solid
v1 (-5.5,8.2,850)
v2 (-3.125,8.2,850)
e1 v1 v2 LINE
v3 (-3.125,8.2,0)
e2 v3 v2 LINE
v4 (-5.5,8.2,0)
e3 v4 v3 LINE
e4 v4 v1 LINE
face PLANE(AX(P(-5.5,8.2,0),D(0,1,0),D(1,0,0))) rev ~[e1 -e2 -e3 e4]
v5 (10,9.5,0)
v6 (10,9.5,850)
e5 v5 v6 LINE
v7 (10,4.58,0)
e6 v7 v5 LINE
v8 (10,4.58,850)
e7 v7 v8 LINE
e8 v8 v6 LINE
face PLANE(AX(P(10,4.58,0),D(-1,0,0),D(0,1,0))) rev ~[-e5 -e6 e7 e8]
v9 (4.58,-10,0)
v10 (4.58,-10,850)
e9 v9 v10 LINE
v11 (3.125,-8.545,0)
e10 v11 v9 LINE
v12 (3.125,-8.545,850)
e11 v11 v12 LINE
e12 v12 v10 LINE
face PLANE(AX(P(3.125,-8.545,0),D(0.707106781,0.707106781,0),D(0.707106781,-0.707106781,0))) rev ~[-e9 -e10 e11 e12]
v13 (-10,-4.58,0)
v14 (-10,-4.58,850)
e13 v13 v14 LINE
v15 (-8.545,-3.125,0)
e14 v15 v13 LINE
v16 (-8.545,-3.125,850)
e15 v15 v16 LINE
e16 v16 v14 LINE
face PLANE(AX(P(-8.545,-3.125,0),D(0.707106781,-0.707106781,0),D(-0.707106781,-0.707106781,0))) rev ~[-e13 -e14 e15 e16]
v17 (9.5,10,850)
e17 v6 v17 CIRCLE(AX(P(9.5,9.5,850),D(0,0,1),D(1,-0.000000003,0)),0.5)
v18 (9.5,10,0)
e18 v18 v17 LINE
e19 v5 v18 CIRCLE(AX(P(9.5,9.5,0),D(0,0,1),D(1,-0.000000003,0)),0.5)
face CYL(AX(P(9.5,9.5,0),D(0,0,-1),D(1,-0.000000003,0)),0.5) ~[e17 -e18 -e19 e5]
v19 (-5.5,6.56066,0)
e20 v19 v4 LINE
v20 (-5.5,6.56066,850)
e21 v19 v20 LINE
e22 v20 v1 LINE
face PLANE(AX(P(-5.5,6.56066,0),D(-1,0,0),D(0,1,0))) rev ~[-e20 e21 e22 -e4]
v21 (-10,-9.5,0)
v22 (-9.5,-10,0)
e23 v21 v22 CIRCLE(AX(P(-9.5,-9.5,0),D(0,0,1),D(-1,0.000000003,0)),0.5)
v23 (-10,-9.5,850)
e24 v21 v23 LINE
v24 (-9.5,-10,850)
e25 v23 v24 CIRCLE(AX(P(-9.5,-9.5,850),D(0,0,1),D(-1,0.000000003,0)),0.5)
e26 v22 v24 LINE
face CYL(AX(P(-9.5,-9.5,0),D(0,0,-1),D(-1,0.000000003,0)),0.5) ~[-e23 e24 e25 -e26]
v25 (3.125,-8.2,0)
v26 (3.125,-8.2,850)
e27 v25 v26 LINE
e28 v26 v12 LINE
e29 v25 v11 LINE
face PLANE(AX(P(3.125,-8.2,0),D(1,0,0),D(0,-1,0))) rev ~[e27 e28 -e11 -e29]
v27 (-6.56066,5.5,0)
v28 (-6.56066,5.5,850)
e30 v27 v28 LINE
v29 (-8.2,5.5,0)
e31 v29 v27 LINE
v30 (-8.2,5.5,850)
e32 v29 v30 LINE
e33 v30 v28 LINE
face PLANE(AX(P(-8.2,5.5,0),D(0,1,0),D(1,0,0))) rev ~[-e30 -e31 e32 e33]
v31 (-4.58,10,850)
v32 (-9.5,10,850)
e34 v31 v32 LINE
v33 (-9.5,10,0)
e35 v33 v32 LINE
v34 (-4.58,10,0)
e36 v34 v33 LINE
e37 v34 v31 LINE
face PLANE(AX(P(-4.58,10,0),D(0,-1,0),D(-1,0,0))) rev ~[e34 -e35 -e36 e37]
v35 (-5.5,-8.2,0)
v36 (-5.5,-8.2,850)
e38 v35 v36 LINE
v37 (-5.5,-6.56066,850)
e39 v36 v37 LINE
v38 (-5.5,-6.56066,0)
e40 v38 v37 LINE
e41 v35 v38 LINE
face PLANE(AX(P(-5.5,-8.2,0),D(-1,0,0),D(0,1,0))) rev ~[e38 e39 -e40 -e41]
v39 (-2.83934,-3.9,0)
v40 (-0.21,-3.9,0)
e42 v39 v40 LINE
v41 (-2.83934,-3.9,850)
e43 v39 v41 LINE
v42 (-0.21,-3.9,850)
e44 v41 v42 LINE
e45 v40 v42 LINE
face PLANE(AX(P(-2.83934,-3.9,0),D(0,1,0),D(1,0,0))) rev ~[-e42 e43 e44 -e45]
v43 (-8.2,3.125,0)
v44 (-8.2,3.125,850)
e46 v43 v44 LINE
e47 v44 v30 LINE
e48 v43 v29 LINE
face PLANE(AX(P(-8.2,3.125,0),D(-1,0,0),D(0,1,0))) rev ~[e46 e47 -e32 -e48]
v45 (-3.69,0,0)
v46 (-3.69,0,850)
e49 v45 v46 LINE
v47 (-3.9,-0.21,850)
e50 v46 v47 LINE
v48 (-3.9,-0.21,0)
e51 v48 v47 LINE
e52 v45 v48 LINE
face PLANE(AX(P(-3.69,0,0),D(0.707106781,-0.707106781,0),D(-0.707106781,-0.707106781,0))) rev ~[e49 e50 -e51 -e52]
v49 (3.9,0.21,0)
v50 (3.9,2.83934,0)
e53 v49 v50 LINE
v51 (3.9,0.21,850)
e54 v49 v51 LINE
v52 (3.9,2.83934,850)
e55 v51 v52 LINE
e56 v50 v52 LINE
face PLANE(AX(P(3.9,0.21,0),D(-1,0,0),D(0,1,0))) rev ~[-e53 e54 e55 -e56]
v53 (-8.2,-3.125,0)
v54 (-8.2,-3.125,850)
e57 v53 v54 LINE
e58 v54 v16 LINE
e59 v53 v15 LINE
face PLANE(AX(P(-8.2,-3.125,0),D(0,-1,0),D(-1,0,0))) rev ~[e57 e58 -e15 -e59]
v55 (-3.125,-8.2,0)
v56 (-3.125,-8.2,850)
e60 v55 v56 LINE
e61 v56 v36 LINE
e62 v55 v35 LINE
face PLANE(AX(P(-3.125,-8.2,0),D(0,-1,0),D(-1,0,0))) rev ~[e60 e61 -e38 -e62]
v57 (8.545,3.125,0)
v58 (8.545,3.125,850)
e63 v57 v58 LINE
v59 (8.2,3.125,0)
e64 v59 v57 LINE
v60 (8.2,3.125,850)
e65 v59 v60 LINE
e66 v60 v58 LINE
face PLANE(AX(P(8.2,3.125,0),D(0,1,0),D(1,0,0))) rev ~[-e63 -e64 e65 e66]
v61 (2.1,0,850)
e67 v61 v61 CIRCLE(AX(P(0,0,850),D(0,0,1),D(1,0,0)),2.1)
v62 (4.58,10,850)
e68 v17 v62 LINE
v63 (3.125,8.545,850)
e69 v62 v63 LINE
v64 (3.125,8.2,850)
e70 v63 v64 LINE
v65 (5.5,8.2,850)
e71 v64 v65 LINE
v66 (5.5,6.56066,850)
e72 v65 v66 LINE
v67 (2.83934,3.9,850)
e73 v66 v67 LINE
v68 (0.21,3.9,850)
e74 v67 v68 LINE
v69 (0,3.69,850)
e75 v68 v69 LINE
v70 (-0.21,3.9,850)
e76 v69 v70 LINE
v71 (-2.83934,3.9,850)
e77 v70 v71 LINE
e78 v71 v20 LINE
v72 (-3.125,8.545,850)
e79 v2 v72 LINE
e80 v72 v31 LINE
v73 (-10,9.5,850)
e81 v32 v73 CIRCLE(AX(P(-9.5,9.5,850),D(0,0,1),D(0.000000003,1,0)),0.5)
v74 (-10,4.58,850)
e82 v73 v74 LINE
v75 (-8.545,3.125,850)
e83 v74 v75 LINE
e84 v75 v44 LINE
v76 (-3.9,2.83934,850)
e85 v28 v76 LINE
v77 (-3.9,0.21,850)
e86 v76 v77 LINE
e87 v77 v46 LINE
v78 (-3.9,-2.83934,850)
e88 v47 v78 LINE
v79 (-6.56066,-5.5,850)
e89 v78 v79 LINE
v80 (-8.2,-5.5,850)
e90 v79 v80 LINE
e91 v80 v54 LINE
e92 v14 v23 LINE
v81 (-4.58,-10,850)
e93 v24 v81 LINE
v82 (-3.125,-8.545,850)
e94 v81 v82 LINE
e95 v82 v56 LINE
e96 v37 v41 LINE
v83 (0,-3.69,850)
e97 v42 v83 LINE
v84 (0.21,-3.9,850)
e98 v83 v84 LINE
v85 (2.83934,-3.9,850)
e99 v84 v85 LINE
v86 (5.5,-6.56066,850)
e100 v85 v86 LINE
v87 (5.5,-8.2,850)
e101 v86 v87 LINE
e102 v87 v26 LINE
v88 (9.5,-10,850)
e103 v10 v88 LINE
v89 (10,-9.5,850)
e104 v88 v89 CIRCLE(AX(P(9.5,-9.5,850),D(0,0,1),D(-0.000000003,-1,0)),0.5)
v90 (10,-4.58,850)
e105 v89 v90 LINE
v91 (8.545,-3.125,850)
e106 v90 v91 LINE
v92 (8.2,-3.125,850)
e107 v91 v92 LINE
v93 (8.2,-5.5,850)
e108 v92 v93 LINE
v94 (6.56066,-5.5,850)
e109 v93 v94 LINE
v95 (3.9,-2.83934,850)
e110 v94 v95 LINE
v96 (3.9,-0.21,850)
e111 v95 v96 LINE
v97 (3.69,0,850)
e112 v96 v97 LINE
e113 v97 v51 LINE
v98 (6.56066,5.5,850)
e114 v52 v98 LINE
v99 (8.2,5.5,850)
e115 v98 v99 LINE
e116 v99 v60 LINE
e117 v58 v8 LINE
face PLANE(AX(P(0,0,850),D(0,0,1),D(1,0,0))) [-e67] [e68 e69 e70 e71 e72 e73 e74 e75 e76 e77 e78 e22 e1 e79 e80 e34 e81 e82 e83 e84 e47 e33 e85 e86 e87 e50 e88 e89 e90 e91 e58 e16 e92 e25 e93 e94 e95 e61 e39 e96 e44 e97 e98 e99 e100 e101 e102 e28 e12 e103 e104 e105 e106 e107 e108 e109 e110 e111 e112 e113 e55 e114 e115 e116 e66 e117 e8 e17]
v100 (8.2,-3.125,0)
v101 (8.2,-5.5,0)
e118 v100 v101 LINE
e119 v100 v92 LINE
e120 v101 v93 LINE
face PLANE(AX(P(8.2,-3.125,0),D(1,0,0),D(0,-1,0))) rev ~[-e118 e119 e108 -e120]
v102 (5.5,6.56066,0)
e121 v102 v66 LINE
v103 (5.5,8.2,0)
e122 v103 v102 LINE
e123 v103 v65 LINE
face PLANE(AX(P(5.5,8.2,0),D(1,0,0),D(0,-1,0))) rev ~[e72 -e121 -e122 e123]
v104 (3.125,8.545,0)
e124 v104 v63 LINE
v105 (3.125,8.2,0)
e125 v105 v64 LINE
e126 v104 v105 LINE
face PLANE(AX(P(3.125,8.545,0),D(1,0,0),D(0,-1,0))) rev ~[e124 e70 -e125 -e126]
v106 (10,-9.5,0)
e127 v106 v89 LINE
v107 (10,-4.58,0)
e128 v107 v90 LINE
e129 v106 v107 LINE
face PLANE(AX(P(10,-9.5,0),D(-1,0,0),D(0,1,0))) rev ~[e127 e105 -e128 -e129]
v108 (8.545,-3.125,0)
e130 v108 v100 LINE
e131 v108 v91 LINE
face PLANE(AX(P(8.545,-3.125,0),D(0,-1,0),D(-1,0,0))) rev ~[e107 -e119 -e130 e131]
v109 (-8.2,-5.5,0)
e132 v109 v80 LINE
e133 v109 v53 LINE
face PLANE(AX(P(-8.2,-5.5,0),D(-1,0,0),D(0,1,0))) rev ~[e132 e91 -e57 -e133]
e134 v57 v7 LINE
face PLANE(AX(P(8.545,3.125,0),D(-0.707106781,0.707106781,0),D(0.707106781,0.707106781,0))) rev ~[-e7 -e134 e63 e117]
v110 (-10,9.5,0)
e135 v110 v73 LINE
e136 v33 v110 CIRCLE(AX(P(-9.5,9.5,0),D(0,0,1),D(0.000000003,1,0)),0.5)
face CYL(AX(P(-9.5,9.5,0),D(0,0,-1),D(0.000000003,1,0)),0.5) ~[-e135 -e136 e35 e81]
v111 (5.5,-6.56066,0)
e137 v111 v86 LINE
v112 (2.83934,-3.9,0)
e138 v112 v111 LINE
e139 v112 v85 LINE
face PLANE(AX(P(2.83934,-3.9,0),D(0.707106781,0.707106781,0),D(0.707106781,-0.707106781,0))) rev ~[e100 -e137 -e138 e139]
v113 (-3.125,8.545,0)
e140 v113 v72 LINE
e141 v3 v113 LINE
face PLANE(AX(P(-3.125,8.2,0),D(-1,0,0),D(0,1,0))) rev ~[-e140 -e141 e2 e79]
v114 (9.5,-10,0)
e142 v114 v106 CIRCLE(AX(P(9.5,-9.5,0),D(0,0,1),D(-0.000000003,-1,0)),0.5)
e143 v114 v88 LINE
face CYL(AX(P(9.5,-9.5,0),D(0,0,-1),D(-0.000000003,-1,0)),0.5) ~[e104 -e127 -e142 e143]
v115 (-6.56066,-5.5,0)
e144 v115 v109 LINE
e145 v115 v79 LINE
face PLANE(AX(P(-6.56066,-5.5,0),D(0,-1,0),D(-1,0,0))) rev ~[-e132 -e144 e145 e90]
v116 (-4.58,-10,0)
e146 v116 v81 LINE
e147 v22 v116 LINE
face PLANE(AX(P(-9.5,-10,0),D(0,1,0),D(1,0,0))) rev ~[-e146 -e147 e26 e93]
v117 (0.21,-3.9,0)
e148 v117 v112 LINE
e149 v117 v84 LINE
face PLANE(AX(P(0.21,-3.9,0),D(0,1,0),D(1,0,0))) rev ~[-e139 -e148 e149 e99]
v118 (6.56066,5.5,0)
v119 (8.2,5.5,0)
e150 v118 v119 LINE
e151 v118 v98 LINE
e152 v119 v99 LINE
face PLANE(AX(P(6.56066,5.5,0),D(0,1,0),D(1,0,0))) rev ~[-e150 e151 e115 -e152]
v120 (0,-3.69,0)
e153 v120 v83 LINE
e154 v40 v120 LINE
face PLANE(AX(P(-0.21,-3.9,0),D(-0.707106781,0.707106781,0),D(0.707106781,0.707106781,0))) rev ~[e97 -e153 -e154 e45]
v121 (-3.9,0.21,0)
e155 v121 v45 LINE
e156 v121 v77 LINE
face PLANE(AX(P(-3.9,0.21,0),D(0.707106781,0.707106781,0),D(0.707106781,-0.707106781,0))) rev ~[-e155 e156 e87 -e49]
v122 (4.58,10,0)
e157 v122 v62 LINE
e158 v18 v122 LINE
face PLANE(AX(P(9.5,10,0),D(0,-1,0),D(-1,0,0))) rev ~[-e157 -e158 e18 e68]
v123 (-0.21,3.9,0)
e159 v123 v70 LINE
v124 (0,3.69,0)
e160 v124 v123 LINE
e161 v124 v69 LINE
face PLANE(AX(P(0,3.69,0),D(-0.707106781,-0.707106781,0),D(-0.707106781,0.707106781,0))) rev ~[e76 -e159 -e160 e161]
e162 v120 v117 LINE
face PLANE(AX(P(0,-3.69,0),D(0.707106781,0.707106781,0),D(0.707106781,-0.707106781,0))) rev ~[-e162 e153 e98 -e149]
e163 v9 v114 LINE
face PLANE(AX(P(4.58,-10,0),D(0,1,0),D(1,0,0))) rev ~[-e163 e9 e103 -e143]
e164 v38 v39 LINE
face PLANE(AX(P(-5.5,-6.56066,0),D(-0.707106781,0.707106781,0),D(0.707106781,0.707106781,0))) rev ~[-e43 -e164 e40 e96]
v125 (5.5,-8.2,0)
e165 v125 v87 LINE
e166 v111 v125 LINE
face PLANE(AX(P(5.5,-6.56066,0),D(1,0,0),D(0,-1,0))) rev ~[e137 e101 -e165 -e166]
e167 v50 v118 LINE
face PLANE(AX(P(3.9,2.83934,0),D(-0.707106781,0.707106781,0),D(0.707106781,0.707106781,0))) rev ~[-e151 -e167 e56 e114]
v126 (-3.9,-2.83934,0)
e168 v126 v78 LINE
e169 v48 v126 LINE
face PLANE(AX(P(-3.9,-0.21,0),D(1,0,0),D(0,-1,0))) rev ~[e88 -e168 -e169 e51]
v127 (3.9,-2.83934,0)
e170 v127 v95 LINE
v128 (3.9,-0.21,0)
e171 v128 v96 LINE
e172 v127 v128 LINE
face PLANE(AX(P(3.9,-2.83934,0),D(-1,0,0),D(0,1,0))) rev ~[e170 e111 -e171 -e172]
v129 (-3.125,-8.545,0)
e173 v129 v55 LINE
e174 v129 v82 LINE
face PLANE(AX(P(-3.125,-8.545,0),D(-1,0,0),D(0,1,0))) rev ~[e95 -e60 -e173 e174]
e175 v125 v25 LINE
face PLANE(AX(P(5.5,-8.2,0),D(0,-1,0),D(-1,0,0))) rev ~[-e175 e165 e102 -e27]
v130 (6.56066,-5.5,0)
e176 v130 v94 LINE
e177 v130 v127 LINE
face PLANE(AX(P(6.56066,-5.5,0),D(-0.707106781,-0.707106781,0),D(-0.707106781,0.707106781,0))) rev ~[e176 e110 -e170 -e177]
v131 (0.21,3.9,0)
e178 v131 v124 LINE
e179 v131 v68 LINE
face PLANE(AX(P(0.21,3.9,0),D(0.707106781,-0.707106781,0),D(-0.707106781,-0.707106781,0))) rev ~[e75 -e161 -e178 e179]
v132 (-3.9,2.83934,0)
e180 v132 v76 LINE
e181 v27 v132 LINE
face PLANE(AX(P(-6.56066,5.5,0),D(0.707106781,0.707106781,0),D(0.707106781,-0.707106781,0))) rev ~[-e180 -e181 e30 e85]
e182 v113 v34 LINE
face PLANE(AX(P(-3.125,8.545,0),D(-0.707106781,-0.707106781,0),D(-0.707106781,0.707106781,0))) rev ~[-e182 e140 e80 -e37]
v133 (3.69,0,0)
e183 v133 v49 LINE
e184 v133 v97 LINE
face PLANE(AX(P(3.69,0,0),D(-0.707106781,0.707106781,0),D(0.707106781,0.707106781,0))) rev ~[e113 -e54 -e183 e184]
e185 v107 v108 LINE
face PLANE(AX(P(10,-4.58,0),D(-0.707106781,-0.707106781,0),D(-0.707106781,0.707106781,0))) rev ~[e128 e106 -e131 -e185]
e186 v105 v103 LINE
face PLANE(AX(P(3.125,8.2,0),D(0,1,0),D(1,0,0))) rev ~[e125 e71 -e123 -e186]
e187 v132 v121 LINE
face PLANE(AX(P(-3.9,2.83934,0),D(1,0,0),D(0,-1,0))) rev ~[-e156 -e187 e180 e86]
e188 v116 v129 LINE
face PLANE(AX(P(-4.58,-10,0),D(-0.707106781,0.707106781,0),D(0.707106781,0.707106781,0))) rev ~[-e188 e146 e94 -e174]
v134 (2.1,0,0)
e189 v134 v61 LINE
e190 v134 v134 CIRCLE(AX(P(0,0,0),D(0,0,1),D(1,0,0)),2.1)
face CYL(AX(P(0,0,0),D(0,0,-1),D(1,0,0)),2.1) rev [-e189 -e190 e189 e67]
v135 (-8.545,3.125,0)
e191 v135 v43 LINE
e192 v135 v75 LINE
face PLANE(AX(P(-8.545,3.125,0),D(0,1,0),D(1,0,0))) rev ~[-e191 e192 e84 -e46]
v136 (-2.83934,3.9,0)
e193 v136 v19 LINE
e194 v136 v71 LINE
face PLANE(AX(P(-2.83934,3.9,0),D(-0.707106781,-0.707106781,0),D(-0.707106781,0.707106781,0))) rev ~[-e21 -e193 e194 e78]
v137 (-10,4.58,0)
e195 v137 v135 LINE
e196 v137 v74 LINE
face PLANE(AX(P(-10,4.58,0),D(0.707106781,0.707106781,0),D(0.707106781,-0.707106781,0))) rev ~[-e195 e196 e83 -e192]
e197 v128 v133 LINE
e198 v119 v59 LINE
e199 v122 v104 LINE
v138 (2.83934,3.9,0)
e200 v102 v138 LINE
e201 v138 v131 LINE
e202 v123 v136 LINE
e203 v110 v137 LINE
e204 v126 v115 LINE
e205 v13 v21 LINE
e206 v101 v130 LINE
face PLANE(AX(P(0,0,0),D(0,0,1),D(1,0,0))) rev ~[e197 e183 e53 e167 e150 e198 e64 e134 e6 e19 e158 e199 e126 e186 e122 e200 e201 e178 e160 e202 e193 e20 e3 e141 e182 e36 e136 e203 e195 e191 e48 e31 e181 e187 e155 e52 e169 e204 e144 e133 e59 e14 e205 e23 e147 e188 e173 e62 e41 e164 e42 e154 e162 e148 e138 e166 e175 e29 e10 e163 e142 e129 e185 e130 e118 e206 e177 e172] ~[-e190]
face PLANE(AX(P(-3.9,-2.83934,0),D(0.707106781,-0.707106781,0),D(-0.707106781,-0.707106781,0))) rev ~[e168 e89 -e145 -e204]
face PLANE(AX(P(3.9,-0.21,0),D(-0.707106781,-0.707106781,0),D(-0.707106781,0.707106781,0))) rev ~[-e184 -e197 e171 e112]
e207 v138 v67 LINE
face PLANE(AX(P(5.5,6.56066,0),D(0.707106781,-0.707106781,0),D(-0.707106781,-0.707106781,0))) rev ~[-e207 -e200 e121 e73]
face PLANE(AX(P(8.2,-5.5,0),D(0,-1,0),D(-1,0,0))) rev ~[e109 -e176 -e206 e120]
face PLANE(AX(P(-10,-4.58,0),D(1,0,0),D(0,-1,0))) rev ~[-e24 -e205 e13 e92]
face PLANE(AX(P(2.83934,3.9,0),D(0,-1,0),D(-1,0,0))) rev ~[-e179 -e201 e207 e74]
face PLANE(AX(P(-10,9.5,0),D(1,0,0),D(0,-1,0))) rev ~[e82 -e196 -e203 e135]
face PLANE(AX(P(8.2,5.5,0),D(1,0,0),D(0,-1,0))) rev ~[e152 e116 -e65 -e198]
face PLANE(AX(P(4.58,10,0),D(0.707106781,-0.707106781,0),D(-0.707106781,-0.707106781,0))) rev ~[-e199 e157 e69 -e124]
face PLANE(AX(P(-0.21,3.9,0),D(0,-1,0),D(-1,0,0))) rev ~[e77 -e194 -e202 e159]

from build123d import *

# Parameters (mm, degrees)
SKETCH1_R           = 2.1
BOSS_EXTRUDE1_DEPTH = 850


with BuildPart() as part:
    # Sketch1 → Boss-Extrude1 (new body)
    with BuildSketch(Plane.XY):
        with BuildLine():
            Line((4.58, -10), (9.5, -10))
            ThreePointArc((9.5, -10), (9.853553391, -9.853553391), (10, -9.5))
            Line((10, -9.5), (10, -4.58))
            Line((10, -4.58), (8.545, -3.125))
            Line((8.545, -3.125), (8.2, -3.125))
            Line((8.2, -3.125), (8.2, -5.5))
            Line((8.2, -5.5), (6.560660172, -5.5))
            Line((6.560660172, -5.5), (3.9, -2.839339828))
            Line((3.9, -2.839339828), (3.9, -0.21))
            Line((3.9, -0.21), (3.69, 0))
            Line((3.69, 0), (3.9, 0.21))
            Line((3.9, 0.21), (3.9, 2.839339828))
            Line((3.9, 2.839339828), (6.560660172, 5.5))
            Line((6.560660172, 5.5), (8.2, 5.5))
            Line((8.2, 5.5), (8.2, 3.125))
            Line((8.2, 3.125), (8.545, 3.125))
            Line((8.545, 3.125), (10, 4.58))
            Line((10, 4.58), (10, 9.5))
            ThreePointArc((10, 9.5), (9.853553391, 9.853553391), (9.5, 10))
            Line((9.5, 10), (4.58, 10))
            Line((4.58, 10), (3.125, 8.545))
            Line((3.125, 8.545), (3.125, 8.2))
            Line((3.125, 8.2), (5.5, 8.2))
            Line((5.5, 8.2), (5.5, 6.560660172))
            Line((5.5, 6.560660172), (2.839339828, 3.9))
            Line((2.839339828, 3.9), (0.21, 3.9))
            Line((0.21, 3.9), (0, 3.69))
            Line((0, 3.69), (-0.21, 3.9))
            Line((-0.21, 3.9), (-2.839339828, 3.9))
            Line((-2.839339828, 3.9), (-5.5, 6.560660172))
            Line((-5.5, 6.560660172), (-5.5, 8.2))
            Line((-5.5, 8.2), (-3.125, 8.2))
            Line((-3.125, 8.2), (-3.125, 8.545))
            Line((-3.125, 8.545), (-4.58, 10))
            Line((-4.58, 10), (-9.5, 10))
            ThreePointArc((-9.5, 10), (-9.853553391, 9.853553391), (-10, 9.5))
            Line((-10, 9.5), (-10, 4.58))
            Line((-10, 4.58), (-8.545, 3.125))
            Line((-8.545, 3.125), (-8.2, 3.125))
            Line((-8.2, 3.125), (-8.2, 5.5))
            Line((-8.2, 5.5), (-6.560660172, 5.5))
            Line((-6.560660172, 5.5), (-3.9, 2.839339828))
            Line((-3.9, 2.839339828), (-3.9, 0.21))
            Line((-3.9, 0.21), (-3.69, 0))
            Line((-3.69, 0), (-3.9, -0.21))
            Line((-3.9, -0.21), (-3.9, -2.839339828))
            Line((-3.9, -2.839339828), (-6.560660172, -5.5))
            Line((-6.560660172, -5.5), (-8.2, -5.5))
            Line((-8.2, -5.5), (-8.2, -3.125))
            Line((-8.2, -3.125), (-8.545, -3.125))
            Line((-8.545, -3.125), (-10, -4.58))
            Line((-10, -4.58), (-10, -9.5))
            ThreePointArc((-10, -9.5), (-9.853553391, -9.853553391), (-9.5, -10))
            Line((-9.5, -10), (-4.58, -10))
            Line((-4.58, -10), (-3.125, -8.545))
            Line((-3.125, -8.545), (-3.125, -8.2))
            Line((-3.125, -8.2), (-5.5, -8.2))
            Line((-5.5, -8.2), (-5.5, -6.560660172))
            Line((-5.5, -6.560660172), (-2.839339828, -3.9))
            Line((-2.839339828, -3.9), (-0.21, -3.9))
            Line((-0.21, -3.9), (0, -3.69))
            Line((0, -3.69), (0.21, -3.9))
            Line((0.21, -3.9), (2.839339828, -3.9))
            Line((2.839339828, -3.9), (5.5, -6.560660172))
            Line((5.5, -6.560660172), (5.5, -8.2))
            Line((5.5, -8.2), (3.125, -8.2))
            Line((3.125, -8.2), (3.125, -8.545))
            Line((3.125, -8.545), (4.58, -10))
        make_face()
        Circle(SKETCH1_R, mode=Mode.SUBTRACT)
    extrude(amount=BOSS_EXTRUDE1_DEPTH)


solid = part.part
